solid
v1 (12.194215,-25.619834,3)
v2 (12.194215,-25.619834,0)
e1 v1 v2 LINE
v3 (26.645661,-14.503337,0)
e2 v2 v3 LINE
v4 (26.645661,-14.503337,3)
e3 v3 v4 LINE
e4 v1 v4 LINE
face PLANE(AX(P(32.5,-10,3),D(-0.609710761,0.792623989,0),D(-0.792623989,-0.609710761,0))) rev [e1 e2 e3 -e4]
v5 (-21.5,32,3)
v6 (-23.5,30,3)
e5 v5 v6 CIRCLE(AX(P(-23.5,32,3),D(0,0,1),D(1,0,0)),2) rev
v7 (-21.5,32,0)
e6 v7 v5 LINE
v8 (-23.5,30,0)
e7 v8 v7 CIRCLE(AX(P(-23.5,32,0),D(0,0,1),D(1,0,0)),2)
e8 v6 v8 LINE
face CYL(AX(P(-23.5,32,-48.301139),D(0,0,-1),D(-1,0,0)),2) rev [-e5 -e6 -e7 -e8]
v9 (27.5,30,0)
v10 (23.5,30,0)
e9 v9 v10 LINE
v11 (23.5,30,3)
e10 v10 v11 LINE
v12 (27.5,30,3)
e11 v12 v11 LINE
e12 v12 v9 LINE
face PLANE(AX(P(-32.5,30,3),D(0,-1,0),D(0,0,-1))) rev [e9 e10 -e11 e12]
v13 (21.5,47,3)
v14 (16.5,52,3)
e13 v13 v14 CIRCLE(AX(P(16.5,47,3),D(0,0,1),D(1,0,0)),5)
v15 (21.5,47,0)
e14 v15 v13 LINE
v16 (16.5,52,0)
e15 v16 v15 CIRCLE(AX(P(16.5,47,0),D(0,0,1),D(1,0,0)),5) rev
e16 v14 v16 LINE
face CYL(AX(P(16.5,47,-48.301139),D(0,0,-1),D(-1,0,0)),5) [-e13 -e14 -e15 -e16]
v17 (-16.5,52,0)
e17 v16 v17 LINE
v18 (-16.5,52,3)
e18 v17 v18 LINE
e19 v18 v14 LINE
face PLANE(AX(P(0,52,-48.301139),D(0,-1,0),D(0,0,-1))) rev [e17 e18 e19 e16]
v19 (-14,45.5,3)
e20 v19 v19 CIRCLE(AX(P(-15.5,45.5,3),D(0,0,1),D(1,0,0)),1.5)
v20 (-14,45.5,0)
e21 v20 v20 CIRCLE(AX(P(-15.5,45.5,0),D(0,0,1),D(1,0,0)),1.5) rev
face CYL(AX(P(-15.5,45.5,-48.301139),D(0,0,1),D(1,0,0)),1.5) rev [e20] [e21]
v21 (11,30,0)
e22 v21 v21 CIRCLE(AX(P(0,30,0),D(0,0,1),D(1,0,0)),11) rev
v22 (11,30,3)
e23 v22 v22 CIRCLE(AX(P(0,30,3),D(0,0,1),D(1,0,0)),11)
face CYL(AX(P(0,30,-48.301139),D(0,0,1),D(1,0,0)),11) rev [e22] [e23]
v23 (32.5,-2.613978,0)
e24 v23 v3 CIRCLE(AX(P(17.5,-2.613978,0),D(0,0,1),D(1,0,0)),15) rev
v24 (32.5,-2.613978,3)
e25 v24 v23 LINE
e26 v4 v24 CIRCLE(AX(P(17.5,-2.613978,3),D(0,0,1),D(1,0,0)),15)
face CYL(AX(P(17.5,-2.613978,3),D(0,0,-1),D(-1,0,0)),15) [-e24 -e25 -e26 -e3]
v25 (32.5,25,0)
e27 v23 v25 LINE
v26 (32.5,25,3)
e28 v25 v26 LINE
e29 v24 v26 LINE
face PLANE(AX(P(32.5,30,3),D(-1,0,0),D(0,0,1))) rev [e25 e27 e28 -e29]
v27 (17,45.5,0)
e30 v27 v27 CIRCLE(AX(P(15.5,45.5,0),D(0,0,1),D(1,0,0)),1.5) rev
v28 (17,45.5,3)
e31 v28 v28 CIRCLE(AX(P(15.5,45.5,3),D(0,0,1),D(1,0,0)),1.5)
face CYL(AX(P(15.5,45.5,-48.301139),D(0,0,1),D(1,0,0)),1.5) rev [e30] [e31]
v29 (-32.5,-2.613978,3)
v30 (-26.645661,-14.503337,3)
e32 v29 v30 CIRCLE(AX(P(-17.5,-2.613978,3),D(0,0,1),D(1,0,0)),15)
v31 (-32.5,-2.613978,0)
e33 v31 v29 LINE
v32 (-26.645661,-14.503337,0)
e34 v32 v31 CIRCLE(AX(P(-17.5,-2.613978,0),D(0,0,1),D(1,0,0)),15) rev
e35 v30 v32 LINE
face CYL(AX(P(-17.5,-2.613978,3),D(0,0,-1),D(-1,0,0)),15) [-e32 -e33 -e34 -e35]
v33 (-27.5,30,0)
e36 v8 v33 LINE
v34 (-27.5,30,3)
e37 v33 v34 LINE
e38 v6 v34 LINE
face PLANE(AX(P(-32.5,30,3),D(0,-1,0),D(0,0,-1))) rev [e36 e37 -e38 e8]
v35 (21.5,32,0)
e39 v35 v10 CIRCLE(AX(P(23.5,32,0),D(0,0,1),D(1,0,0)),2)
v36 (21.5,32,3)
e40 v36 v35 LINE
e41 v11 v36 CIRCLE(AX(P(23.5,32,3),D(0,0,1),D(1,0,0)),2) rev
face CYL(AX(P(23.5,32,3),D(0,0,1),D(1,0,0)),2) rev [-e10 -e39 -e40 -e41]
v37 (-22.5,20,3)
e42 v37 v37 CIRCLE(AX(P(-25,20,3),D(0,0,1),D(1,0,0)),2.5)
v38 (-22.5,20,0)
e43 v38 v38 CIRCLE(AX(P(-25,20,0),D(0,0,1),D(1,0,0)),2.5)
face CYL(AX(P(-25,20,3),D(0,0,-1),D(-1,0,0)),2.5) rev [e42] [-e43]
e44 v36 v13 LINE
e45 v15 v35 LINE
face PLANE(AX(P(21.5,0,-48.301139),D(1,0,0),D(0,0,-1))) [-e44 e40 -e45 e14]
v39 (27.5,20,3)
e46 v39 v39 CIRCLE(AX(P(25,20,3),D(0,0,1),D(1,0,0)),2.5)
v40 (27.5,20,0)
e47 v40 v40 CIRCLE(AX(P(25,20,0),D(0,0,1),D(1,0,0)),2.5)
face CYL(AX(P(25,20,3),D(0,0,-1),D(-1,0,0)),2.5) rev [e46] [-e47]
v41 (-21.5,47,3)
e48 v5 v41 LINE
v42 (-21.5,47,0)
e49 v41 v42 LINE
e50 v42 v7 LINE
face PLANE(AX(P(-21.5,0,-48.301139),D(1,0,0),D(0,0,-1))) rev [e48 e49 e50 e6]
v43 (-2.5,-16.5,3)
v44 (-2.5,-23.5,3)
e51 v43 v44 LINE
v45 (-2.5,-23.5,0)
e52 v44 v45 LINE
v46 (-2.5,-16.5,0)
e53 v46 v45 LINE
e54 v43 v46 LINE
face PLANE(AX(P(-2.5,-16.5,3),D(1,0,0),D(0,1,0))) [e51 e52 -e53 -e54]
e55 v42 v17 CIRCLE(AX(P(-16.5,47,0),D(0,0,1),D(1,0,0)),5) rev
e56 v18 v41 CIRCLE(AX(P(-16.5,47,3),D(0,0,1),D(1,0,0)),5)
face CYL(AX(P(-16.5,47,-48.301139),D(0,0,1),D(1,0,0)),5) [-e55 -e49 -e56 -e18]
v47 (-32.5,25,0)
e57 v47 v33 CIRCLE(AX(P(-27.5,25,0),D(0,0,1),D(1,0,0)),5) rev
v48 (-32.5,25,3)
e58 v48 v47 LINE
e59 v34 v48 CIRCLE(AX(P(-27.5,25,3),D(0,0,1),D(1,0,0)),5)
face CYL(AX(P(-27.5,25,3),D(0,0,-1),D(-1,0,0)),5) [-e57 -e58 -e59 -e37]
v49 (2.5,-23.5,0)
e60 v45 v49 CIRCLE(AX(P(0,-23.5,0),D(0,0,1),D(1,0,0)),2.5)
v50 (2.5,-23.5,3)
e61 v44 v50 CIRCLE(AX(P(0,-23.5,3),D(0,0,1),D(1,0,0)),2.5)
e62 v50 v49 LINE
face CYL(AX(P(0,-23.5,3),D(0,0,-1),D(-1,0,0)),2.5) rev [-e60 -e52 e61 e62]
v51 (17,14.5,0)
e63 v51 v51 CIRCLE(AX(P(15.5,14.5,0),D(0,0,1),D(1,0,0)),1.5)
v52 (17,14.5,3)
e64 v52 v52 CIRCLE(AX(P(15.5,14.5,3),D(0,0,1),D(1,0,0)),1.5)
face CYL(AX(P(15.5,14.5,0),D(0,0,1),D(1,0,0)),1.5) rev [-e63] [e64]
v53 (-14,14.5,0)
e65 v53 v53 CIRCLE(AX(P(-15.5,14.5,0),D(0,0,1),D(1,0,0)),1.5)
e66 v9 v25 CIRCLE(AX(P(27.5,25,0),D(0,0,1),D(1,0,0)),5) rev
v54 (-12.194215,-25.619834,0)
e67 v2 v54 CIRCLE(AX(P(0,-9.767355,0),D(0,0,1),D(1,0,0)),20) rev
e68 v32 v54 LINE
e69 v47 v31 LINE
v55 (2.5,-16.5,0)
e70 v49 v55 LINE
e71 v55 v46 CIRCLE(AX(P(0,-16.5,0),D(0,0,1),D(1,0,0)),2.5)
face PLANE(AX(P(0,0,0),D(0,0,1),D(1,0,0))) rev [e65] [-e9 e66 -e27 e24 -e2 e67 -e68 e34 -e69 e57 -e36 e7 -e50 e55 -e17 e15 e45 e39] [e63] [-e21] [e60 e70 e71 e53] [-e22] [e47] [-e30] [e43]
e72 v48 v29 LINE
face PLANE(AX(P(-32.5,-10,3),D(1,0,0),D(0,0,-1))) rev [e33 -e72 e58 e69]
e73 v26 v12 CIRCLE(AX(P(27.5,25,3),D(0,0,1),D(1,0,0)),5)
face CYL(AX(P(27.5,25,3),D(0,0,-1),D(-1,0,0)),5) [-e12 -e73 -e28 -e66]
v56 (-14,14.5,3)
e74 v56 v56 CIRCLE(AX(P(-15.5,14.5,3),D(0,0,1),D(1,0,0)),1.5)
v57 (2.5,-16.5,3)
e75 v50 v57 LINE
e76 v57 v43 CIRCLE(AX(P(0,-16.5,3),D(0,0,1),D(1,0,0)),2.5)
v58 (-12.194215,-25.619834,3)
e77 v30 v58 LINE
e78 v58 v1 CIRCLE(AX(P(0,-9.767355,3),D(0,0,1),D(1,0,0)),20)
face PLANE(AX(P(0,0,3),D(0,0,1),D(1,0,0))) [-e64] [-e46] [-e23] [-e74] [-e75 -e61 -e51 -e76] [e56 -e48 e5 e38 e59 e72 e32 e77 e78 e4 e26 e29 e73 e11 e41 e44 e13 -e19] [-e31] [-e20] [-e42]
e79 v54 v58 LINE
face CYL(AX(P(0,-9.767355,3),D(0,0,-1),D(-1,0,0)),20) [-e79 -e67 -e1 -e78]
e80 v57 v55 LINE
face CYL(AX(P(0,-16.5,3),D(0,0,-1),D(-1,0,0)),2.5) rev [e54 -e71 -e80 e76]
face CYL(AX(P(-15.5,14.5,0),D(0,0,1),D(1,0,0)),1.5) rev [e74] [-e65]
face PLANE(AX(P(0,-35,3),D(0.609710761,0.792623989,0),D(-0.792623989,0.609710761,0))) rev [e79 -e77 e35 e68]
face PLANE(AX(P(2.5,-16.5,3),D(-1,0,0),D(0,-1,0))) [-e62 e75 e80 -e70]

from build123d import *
from OCP.BRepFilletAPI import BRepFilletAPI_MakeFillet

# Parameters (mm, degrees)
SKETCH1_R           = 2.5
BOSS_EXTRUDE1_DEPTH = 3
BOSS_EXTRUDE3_DEPTH = 3
FILLET1_R1          = 5
FILLET1_R2          = 15
FILLET1_R3          = 20
FILLET1_R4          = 2
SKETCH3_6_R         = 1.5
CUT_EXTRUDE2_DEPTH  = 62.394217969


with BuildPart() as part:
    # Sketch1 → Boss-Extrude1 (new body)
    with BuildSketch(Plane.XY):
        Polygon((-32.5, 30), (32.5, 30), (32.5, -10), (0, -35), (-32.5, -10), align=None)
        with Locations((25, 20)):
            Circle(SKETCH1_R, mode=Mode.SUBTRACT)
        with Locations((-25, 20)):
            Circle(SKETCH1_R, mode=Mode.SUBTRACT)
        with BuildLine():
            Line((2.5, -16.5), (2.5, -23.5))
            ThreePointArc((2.5, -23.5), (0, -26), (-2.5, -23.5))
            Line((-2.5, -23.5), (-2.5, -16.5))
            ThreePointArc((-2.5, -16.5), (0, -14), (2.5, -16.5))
        make_face(mode=Mode.SUBTRACT)
    extrude(amount=BOSS_EXTRUDE1_DEPTH)

    # Sketch3 → Boss-Extrude3 (add)
    with BuildSketch(Plane.XY.offset(3)):
        with BuildLine():
            ThreePointArc((-15.5, 44), (-16.560660172, 46.560660172), (-14, 45.5))
            Line((-14, 45.5), (14, 45.5))
            ThreePointArc((14, 45.5), (15.5, 47), (17, 45.5))
            ThreePointArc((17, 45.5), (16.560660172, 44.439339828), (15.5, 44))
            Line((15.5, 44), (15.5, 30))
            Line((15.5, 30), (21.5, 30))
            Line((21.5, 30), (21.5, 52))
            Line((21.5, 52), (-21.5, 52))
            Line((-21.5, 52), (-21.5, 30))
            Line((-21.5, 30), (-15.5, 30))
            Line((-15.5, 30), (-15.5, 44))
        make_face()
        with BuildLine():
            Line((14, 45.5), (-14, 45.5))
            ThreePointArc((-14, 45.5), (-14.439339828, 44.439339828), (-15.5, 44))
            Line((-15.5, 44), (-15.5, 30))
            Line((-15.5, 30), (-11, 30))
            ThreePointArc((-11, 30), (0, 41), (11, 30))
            Line((11, 30), (15.5, 30))
            Line((15.5, 30), (15.5, 44))
            ThreePointArc((15.5, 44), (14.439339828, 44.439339828), (14, 45.5))
        make_face()
    extrude(amount=-BOSS_EXTRUDE3_DEPTH)

    # Fillet1: one fillet with a radius per group of edges: ONE call of the kernel's fillet builder (fillet() takes one radius for all edges)
    fillet1_edges_1 = [part.edges().sort_by_distance(p)[0] for p in [
        (32.5, 30, 1.5),
        (-32.5, 30, 1.5),
        (-21.5, 52, 1.5),
        (21.5, 52, 1.5),
    ]]
    fillet1_edges_2 = [part.edges().sort_by_distance(p)[0] for p in [
        (-32.5, -10, 1.5),
        (32.5, -10, 1.5),
    ]]
    fillet1_edges_3 = [part.edges().sort_by_distance(p)[0] for p in [
        (0, -35, 1.5),
    ]]
    fillet1_edges_4 = [part.edges().sort_by_distance(p)[0] for p in [
        (21.5, 30, 1.5),
        (-21.5, 30, 1.5),
    ]]
    fillet1 = BRepFilletAPI_MakeFillet(part.part.solid().wrapped)
    for e in fillet1_edges_1:
        fillet1.Add(FILLET1_R1, e.wrapped)
    for e in fillet1_edges_2:
        fillet1.Add(FILLET1_R2, e.wrapped)
    for e in fillet1_edges_3:
        fillet1.Add(FILLET1_R3, e.wrapped)
    for e in fillet1_edges_4:
        fillet1.Add(FILLET1_R4, e.wrapped)
    add(Compound.cast(fillet1.Shape()), mode=Mode.REPLACE)

    # Sketch3<6> → Cut-Extrude2 (cut, through all)
    with BuildSketch(Plane.XY.offset(3)):
        with Locations((15.5, 14.5)):
            Circle(SKETCH3_6_R)
        with Locations((-15.5, 14.5)):
            Circle(SKETCH3_6_R)
        with BuildLine():
            ThreePointArc((-11, 30), (0, 19), (11, 30))
            Line((11, 30), (-11, 30))
        make_face()
        with BuildLine():
            Line((-11, 30), (11, 30))
            ThreePointArc((11, 30), (0, 41), (-11, 30))
        make_face()
    extrude(amount=-CUT_EXTRUDE2_DEPTH, mode=Mode.SUBTRACT)


solid = part.part
